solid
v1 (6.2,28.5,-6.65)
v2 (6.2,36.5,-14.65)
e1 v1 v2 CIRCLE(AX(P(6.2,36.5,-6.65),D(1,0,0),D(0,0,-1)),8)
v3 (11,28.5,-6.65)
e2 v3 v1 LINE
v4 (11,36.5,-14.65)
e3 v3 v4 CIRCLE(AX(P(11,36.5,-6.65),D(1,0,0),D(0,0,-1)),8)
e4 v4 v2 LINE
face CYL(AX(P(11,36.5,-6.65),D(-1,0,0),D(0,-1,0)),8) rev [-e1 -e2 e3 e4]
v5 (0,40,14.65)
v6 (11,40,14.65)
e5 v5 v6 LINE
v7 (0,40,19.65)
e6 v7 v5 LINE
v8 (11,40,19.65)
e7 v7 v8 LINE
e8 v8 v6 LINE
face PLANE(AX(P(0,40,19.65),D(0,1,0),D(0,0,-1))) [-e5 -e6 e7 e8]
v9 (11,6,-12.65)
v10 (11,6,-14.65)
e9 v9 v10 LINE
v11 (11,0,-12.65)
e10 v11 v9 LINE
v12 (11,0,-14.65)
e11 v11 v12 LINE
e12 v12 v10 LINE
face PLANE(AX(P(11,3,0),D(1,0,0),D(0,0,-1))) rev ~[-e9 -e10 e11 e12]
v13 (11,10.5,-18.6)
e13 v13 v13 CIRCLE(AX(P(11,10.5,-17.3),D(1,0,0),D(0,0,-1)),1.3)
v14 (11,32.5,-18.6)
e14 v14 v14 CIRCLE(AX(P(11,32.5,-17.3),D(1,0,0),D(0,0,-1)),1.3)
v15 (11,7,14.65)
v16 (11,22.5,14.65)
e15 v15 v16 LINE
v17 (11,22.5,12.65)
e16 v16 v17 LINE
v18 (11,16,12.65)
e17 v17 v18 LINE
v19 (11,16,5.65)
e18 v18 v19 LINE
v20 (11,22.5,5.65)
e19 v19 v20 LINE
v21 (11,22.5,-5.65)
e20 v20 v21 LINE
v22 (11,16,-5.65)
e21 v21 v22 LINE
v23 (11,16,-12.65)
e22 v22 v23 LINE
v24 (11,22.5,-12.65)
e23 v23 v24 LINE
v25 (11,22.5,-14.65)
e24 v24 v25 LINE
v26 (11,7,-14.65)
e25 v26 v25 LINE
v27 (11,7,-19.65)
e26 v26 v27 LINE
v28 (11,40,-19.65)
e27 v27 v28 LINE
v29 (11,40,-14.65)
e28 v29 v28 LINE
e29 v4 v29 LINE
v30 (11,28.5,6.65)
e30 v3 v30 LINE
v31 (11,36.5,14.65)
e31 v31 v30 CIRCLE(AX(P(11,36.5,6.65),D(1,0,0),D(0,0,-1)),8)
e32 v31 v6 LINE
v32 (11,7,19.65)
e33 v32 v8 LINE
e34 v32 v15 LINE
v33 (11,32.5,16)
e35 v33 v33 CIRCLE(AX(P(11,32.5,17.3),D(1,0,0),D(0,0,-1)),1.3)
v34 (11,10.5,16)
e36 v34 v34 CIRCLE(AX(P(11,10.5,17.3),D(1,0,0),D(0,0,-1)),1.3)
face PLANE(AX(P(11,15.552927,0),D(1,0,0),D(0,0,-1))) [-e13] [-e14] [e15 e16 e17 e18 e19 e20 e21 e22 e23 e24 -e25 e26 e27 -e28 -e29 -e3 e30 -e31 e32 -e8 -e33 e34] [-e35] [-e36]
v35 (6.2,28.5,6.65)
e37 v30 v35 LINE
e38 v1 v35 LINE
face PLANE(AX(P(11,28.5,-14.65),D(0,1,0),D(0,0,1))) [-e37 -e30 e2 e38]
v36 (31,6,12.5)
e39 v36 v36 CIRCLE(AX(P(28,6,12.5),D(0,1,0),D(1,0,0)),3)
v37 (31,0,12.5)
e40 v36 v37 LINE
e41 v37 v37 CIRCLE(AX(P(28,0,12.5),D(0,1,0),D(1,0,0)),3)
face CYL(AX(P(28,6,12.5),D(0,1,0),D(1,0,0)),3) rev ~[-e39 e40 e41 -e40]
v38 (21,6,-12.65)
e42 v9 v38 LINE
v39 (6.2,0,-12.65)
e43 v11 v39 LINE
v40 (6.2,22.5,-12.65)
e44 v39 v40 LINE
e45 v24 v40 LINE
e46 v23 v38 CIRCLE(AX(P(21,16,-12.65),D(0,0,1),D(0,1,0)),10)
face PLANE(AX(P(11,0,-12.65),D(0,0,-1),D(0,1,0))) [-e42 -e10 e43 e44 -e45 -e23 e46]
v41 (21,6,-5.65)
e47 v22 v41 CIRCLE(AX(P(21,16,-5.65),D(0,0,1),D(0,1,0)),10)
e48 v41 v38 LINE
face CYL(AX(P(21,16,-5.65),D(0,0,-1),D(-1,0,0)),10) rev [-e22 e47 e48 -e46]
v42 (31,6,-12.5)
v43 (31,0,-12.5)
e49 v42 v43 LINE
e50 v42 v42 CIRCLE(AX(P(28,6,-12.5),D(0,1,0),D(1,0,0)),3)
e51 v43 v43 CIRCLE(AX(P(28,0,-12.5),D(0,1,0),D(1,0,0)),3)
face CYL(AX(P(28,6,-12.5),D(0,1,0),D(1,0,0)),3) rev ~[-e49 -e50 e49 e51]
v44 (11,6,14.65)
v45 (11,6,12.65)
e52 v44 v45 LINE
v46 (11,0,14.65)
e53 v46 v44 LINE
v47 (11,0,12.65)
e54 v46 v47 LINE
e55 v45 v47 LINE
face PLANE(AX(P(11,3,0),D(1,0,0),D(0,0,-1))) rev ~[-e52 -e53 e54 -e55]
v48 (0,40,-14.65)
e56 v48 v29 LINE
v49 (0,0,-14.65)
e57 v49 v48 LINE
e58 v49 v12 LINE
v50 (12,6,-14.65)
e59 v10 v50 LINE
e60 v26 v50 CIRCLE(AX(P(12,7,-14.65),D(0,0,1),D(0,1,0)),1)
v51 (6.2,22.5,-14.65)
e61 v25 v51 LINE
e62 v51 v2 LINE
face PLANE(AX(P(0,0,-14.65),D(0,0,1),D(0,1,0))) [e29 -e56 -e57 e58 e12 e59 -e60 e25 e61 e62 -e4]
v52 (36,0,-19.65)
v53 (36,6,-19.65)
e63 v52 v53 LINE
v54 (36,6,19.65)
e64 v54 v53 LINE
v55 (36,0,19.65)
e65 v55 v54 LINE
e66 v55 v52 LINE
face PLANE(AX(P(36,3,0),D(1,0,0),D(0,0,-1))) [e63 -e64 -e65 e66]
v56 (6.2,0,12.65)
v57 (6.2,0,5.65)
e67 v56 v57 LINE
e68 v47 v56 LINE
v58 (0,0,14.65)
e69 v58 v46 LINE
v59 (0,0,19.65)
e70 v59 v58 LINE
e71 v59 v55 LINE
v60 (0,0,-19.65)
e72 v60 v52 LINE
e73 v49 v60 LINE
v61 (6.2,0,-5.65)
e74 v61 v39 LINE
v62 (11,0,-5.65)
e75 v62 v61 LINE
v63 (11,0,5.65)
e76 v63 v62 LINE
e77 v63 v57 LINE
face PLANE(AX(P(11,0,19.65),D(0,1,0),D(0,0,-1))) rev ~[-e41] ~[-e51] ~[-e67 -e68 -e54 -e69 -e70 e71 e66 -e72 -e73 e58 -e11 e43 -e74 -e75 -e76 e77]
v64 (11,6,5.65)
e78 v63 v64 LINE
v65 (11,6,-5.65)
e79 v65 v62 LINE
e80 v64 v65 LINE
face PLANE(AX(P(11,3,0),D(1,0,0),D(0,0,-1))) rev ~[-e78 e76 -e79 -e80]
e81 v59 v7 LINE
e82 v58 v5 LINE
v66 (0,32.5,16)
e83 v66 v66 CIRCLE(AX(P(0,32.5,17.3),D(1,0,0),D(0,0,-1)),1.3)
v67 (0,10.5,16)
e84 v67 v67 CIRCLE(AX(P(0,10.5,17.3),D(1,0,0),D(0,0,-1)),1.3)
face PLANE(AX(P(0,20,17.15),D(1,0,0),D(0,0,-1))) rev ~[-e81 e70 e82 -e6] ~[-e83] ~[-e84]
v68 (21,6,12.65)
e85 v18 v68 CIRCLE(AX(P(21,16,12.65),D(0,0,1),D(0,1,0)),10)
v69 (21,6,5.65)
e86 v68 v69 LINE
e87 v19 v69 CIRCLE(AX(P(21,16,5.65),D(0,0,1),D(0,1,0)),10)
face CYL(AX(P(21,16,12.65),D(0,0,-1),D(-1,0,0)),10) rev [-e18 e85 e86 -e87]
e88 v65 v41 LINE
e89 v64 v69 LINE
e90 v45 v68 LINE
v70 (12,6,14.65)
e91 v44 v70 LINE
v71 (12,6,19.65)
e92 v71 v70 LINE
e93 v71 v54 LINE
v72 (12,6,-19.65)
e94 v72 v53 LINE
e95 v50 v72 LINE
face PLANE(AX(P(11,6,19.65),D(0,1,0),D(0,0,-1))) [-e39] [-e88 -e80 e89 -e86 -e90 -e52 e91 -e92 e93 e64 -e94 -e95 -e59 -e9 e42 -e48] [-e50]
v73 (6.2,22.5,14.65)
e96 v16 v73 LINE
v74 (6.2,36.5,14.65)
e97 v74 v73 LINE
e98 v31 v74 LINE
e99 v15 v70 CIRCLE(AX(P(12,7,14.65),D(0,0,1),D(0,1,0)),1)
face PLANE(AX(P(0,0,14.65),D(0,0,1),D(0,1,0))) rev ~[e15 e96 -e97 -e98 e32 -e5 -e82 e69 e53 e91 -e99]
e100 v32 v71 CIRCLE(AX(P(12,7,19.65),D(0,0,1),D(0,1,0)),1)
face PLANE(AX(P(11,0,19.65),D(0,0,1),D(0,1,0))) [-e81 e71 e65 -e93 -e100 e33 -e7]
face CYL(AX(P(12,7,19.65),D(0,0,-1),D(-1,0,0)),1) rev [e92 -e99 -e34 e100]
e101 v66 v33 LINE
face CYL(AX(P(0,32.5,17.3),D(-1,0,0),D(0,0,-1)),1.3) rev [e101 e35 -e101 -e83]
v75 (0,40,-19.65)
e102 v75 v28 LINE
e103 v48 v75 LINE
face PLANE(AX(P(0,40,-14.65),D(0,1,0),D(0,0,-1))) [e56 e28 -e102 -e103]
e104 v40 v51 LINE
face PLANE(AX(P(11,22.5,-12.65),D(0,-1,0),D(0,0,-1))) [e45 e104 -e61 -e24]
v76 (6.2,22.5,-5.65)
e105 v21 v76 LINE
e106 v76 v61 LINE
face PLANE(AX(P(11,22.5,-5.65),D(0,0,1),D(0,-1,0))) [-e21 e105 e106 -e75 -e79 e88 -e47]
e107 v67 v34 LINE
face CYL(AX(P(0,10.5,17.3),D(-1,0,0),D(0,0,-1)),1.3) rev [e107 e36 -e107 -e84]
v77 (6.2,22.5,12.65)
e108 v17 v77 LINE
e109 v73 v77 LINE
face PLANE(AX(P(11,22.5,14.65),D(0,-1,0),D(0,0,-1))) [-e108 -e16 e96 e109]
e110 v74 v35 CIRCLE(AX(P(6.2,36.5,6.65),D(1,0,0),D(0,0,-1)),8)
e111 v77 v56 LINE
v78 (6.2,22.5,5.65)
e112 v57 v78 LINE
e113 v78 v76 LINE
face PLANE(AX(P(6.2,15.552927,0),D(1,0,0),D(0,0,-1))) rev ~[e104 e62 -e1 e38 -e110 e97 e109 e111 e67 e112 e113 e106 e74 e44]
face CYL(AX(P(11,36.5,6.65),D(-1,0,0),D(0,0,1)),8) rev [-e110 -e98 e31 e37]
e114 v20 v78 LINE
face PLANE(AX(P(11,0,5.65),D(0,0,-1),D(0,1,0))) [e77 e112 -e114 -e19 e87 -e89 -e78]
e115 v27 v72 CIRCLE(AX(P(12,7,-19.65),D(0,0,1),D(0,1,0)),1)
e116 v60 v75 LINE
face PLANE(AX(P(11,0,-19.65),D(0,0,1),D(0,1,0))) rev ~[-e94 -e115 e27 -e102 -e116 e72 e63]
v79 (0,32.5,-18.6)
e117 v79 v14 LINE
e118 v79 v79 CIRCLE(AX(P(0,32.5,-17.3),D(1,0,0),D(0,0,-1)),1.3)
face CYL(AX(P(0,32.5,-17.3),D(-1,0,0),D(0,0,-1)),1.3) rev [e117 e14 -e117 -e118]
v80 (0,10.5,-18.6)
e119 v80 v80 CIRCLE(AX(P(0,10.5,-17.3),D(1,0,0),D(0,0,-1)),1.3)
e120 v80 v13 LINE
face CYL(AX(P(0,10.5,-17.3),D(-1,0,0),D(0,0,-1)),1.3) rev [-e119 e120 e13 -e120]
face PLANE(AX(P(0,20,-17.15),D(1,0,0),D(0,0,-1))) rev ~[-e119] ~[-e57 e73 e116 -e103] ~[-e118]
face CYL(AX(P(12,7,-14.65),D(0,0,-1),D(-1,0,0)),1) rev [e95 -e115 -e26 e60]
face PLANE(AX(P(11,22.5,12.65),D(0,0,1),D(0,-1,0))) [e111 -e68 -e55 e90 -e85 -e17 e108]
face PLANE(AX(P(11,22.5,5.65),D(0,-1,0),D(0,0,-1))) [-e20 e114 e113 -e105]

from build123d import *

# Parameters (mm, degrees)
SKETCH1_W             = 5
SKETCH1_H             = 40
SKETCH1_R             = 1.3
BOSS_EXTRUDE1_DEPTH   = 11
BOSS_EXTRUDE1_2_DEPTH = 11
SKETCH2_W             = 39.3
SKETCH2_H             = 6
BOSS_EXTRUDE2_DEPTH   = 25
BOSS_EXTRUDE3_DEPTH   = 4.8
FILLET1_R             = 1
SKETCH4_R             = 3
CUT_EXTRUDE1_DEPTH    = 34
FILLET2_R             = 10
FILLET3_R             = 8


with BuildPart() as part:
    # Sketch1 → Boss-Extrude1 (new body)
    with BuildSketch(Plane(origin=(0, 0, 0), x_dir=(0, 0, -1), z_dir=(1, 0, 0))):
        with Locations((-17.15, 20)):
            Rectangle(SKETCH1_W, SKETCH1_H)
        with Locations((-17.3, 32.5)):
            Circle(SKETCH1_R, mode=Mode.SUBTRACT)
        with Locations((-17.3, 10.5)):
            Circle(SKETCH1_R, mode=Mode.SUBTRACT)
    extrude(amount=BOSS_EXTRUDE1_DEPTH)



with BuildPart() as body_2:
    # Sketch1 → Boss-Extrude1 2 (new body)
    with BuildSketch(Plane(origin=(0, 0, 0), x_dir=(0, 0, -1), z_dir=(1, 0, 0))):
        with Locations((17.15, 20)):
            Rectangle(SKETCH1_W, SKETCH1_H)
        with Locations((17.3, 10.5)):
            Circle(SKETCH1_R, mode=Mode.SUBTRACT)
        with Locations((17.3, 32.5)):
            Circle(SKETCH1_R, mode=Mode.SUBTRACT)
    extrude(amount=BOSS_EXTRUDE1_2_DEPTH)


with BuildPart() as part_1:
    add(part.part)

    add(body_2.part)  # Boss-Extrude2 merges body 2
    # Sketch2 → Boss-Extrude2 (add)
    with BuildSketch(Plane(origin=(11, 0, 0), x_dir=(0, 0, -1), z_dir=(1, 0, 0))):
        with Locations((0, 3)):
            Rectangle(SKETCH2_W, SKETCH2_H)
    extrude(amount=BOSS_EXTRUDE2_DEPTH)

    # Sketch3 → Boss-Extrude3 (add)
    with BuildSketch(Plane(origin=(11, 0, 0), x_dir=(0, 0, -1), z_dir=(1, 0, 0))):
        Polygon((-14.65, 22.5), (-12.65, 22.5), (-12.65, 0), (-5.65, 0), (-5.65, 22.5), (5.65, 22.5), (5.65, 0), (12.65, 0), (12.65, 22.5), (14.65, 22.5), (14.65, 28.5), (-14.65, 28.5), align=None)
    extrude(amount=-BOSS_EXTRUDE3_DEPTH)

    # Fillet1
    fillet1_edges = [part_1.edges().sort_by_distance(p)[0] for p in [
        (11, 6, 17.15),
        (11, 6, -17.15),
    ]]
    fillet(fillet1_edges, radius=FILLET1_R)

    # Sketch4 → Cut-Extrude1 (cut)
    with BuildSketch(Plane(origin=(0, 6, 0), x_dir=(1, 0, 0), z_dir=(0, 1, 0))):
        with Locations((28, 12.5)):
            Circle(SKETCH4_R)
        with Locations((28, -12.5)):
            Circle(SKETCH4_R)
    extrude(amount=-CUT_EXTRUDE1_DEPTH, mode=Mode.SUBTRACT)

    # Fillet2
    fillet2_edges = [part_1.edges().sort_by_distance(p)[0] for p in [
        (11, 6, 9.15),
        (11, 6, -9.15),
    ]]
    fillet(fillet2_edges, radius=FILLET2_R)

    # Fillet3
    fillet3_edges = [part_1.edges().sort_by_distance(p)[0] for p in [
        (8.6, 28.5, 14.65),
        (8.6, 28.5, -14.65),
    ]]
    fillet(fillet3_edges, radius=FILLET3_R)


solid = part_1.part
